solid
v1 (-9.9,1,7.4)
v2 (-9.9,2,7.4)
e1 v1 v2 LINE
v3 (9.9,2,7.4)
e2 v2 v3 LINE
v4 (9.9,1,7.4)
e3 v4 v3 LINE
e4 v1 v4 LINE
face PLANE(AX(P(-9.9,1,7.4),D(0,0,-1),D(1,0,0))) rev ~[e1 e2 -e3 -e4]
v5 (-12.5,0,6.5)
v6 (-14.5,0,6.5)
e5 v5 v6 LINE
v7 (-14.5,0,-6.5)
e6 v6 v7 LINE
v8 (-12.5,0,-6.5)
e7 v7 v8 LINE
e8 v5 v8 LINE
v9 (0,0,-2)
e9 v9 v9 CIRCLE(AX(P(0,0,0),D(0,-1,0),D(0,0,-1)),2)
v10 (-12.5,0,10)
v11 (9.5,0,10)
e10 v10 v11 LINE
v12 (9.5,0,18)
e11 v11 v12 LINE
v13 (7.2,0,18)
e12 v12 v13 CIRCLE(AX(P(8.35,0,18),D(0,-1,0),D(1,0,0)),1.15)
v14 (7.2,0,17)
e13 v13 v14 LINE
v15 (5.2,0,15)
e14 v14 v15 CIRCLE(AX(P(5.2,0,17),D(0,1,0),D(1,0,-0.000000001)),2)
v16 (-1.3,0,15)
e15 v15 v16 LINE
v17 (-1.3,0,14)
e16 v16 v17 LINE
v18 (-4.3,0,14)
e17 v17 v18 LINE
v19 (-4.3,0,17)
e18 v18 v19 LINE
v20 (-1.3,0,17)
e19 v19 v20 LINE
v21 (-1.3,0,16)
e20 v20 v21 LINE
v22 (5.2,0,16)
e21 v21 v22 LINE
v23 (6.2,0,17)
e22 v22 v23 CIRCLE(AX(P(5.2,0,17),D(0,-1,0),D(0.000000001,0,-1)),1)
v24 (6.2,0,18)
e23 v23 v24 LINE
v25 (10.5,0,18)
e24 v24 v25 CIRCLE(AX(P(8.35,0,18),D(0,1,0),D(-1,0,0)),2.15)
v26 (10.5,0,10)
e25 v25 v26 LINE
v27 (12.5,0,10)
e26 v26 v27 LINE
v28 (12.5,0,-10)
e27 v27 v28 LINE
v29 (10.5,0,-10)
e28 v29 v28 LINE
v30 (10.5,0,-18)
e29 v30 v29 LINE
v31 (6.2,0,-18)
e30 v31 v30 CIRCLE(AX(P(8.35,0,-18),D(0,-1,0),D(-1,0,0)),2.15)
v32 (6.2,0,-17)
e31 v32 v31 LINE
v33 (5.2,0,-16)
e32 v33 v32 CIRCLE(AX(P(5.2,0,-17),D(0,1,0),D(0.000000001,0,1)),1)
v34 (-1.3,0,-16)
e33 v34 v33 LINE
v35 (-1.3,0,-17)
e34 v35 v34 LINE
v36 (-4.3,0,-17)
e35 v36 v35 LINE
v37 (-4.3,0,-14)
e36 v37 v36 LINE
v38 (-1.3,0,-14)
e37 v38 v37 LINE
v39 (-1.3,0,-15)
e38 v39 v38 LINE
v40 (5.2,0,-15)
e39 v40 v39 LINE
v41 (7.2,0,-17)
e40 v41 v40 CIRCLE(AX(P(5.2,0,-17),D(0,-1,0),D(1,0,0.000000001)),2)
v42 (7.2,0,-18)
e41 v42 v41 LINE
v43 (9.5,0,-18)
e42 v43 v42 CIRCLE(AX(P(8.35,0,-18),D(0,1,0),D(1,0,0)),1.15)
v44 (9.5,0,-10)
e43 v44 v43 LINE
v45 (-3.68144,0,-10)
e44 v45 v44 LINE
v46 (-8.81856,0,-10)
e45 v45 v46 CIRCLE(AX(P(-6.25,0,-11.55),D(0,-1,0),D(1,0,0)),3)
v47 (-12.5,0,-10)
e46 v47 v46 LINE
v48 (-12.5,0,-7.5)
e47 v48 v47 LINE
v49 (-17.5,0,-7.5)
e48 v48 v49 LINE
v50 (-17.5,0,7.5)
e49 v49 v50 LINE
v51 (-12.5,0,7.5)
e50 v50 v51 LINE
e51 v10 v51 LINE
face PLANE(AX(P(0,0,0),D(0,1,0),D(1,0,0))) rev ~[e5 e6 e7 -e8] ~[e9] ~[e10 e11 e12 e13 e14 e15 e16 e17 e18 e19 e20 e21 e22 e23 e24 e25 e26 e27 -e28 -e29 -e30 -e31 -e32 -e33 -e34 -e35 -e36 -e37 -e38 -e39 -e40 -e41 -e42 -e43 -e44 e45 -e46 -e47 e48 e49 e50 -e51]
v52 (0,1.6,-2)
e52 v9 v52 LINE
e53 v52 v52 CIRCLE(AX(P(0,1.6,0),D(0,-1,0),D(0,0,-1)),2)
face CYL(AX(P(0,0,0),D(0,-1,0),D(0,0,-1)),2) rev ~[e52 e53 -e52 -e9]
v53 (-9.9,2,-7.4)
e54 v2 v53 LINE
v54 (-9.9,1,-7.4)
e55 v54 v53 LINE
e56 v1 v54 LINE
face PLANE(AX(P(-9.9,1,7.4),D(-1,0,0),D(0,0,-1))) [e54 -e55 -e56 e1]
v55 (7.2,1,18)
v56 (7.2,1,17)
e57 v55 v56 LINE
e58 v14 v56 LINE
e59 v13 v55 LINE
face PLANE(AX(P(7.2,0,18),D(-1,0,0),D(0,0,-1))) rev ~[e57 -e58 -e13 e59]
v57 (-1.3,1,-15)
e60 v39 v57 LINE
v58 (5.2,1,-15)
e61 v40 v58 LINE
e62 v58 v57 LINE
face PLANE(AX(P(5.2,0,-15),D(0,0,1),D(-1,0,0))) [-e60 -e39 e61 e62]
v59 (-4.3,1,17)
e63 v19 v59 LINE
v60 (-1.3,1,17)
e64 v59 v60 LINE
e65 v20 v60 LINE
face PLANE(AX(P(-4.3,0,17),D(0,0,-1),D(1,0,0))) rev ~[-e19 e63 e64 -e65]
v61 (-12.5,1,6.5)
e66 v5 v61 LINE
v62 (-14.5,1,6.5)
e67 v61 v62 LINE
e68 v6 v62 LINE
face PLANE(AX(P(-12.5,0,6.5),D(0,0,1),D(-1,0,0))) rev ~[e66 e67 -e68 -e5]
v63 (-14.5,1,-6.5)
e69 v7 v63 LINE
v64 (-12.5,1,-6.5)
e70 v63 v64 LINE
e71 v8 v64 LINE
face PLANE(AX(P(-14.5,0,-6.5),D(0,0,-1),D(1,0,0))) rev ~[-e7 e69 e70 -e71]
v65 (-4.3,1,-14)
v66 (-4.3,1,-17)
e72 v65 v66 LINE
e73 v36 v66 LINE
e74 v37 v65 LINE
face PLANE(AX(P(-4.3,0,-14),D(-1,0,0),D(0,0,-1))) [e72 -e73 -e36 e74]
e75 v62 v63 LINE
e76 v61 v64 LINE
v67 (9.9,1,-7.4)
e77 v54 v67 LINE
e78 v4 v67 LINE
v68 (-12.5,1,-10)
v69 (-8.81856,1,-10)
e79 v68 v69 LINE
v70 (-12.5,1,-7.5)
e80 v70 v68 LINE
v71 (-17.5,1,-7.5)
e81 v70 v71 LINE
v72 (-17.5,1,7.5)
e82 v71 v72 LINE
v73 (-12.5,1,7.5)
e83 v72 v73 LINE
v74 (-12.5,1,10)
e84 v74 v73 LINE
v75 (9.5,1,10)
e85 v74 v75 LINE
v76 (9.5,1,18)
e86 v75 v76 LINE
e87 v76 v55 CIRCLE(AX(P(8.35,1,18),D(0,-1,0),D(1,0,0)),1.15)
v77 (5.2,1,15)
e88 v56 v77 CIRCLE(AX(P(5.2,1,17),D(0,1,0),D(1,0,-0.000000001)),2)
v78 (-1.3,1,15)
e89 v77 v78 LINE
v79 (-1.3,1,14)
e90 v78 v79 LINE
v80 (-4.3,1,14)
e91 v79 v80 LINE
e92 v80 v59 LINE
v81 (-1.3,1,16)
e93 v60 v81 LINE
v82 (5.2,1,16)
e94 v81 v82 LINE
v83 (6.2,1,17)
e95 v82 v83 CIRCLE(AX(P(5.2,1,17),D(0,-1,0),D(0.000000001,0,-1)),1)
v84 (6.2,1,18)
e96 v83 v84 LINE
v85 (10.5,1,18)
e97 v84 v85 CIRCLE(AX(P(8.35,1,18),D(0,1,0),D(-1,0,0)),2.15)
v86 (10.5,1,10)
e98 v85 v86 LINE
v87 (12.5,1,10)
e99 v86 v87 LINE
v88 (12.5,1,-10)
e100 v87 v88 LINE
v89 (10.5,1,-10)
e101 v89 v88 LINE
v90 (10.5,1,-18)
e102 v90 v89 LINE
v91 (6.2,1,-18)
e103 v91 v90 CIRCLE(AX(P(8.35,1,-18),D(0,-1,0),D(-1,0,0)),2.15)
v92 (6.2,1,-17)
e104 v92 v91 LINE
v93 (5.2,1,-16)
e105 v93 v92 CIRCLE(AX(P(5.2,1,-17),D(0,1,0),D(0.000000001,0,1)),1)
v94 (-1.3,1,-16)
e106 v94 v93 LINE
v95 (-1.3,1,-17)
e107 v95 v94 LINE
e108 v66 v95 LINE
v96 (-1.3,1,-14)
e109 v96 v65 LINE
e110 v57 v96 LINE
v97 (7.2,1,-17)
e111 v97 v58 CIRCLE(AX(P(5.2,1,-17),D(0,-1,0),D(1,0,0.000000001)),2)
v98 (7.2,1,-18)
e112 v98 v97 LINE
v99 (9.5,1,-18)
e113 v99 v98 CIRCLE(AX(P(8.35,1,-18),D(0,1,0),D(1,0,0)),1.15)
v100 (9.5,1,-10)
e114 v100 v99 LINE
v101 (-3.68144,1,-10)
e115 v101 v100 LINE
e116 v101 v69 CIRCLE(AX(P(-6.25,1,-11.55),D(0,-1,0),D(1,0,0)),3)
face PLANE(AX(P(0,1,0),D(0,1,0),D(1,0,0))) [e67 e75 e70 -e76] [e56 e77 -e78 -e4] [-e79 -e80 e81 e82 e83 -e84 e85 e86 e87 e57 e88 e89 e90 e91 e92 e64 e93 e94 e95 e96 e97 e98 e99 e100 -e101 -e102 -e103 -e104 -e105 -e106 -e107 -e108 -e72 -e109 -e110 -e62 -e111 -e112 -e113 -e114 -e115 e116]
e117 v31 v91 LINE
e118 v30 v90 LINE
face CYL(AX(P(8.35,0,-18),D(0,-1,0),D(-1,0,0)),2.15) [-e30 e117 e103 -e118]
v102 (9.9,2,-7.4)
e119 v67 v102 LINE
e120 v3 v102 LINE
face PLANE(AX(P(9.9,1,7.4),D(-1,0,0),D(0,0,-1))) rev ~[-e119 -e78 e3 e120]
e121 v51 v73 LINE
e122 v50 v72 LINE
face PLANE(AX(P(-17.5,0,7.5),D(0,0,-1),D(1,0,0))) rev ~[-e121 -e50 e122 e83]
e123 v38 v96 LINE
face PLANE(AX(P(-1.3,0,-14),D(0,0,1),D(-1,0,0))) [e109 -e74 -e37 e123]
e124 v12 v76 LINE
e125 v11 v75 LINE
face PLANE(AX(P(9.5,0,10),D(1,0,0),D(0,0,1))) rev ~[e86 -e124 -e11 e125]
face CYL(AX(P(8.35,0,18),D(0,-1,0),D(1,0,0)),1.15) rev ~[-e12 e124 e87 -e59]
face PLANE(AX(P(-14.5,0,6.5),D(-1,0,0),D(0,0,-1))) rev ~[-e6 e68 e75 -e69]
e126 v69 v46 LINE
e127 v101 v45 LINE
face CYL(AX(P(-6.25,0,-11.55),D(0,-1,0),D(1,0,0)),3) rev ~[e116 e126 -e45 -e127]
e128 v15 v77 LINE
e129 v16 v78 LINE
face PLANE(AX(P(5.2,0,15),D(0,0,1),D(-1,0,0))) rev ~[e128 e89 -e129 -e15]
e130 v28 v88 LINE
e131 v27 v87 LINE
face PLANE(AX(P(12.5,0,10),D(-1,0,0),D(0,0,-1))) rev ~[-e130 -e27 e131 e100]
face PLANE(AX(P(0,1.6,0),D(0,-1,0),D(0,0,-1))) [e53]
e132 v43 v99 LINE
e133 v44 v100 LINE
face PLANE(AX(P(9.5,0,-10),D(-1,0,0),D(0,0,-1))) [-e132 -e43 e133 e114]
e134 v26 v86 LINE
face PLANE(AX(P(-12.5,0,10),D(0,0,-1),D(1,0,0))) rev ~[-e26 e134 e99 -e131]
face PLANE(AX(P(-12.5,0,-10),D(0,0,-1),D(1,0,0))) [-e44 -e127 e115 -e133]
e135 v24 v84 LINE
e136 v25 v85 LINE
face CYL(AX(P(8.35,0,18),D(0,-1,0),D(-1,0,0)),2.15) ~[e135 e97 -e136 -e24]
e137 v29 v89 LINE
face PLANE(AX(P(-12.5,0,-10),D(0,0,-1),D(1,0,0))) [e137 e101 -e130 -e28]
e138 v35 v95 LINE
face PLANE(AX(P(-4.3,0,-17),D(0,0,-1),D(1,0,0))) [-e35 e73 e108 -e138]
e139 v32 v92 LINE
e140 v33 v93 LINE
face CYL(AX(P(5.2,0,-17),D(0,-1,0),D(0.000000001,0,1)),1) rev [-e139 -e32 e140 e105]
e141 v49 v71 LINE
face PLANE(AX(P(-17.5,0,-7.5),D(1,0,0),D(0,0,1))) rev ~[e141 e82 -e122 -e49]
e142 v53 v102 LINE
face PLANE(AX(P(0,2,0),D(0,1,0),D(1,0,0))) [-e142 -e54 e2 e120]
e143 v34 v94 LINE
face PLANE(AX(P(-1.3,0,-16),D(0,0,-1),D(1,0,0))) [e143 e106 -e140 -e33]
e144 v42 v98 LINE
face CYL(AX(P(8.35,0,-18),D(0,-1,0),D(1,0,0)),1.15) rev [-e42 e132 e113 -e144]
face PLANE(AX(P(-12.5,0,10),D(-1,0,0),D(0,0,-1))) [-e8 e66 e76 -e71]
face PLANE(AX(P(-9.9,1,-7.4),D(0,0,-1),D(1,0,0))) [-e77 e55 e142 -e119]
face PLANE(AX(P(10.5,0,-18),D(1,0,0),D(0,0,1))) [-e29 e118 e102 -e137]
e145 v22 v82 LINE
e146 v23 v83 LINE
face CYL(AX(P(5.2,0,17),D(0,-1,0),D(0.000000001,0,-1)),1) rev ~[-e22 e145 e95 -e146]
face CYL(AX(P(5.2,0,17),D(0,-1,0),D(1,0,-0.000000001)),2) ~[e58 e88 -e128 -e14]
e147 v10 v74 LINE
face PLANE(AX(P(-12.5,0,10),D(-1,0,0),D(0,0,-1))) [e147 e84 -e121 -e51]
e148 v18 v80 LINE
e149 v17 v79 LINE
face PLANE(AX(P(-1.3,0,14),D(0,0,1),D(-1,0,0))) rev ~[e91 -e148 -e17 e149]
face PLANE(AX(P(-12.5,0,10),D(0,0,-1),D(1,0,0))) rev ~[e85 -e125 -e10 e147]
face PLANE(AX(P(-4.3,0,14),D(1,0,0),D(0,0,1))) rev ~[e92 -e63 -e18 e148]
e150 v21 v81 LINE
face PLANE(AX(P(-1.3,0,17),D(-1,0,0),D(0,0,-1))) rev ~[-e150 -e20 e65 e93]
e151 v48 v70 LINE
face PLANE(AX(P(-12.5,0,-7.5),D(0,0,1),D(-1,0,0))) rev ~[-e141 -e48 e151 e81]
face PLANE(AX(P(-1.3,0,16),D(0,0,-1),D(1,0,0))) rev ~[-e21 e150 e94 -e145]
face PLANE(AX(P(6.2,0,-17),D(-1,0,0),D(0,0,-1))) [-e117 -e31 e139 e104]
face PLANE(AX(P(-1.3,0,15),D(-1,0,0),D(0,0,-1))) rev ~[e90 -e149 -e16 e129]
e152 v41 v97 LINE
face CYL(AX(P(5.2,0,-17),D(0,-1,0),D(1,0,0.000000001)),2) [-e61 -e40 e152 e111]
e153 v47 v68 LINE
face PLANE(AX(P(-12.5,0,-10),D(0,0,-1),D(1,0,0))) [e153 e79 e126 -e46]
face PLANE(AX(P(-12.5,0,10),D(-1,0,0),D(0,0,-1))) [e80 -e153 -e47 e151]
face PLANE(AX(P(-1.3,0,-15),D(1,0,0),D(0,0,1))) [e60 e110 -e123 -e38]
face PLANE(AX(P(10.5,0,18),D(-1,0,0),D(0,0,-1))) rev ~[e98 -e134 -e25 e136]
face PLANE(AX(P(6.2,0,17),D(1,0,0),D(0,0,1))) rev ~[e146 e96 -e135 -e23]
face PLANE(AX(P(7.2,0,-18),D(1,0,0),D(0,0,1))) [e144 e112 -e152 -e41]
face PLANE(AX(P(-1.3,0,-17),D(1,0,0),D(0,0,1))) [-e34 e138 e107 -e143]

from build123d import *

# Parameters (mm, degrees)
SKETCH_1_W          = 25
SKETCH_1_H          = 20
EXTRUDE_1_DEPTH     = 1
EXTRUDE_2_DEPTH     = 1
EXTRUDE_3_DEPTH     = 1
SKETCH_5_W          = 19.8
SKETCH_5_H          = 14.8
EXTRUDE_4_DEPTH     = 1
SKETCH_6_R          = 2
CUT_EXTRUDE_2_DEPTH = 1.6
SKETCH_7_R          = 3
CUT_EXTRUDE_3_DEPTH = 1


with BuildPart() as part:
    # Эскиз1 → Бобышка-Вытянуть1 (new body)
    with BuildSketch(Plane(origin=(0, 0, 0), x_dir=(1, 0, 0), z_dir=(0, 1, 0))):
        Rectangle(SKETCH_1_W, SKETCH_1_H)
    extrude(amount=EXTRUDE_1_DEPTH)

    # Эскиз3 → Бобышка-Вытянуть2 (add)
    with BuildSketch(Plane(origin=(0, 0, 0), x_dir=(1, 0, 0), z_dir=(0, 1, 0))):
        Polygon((-14.5, 7.5), (-17.5, 7.5), (-17.5, -7.5), (-14.5, -7.5), (-12.5, -7.5), (-12.5, -6.5), (-14.5, -6.5), (-14.5, 6.5), (-12.5, 6.5), (-12.5, 7.5), align=None)
    extrude(amount=EXTRUDE_2_DEPTH)

    # Эскиз4 → Бобышка-Вытянуть3 (add)
    with BuildSketch(Plane(origin=(0, 0, 0), x_dir=(1, 0, 0), z_dir=(0, 1, 0))):
        with BuildLine():
            Line((9.5, 10), (9.5, 18))
            ThreePointArc((9.5, 18), (8.35, 19.15), (7.2, 18))
            Line((7.2, 18), (7.2, 17))
            ThreePointArc((7.2, 17), (6.614213562, 15.585786438), (5.2, 15))
            Line((5.2, 15), (-1.3, 15))
            Line((-1.3, 15), (-1.3, 14))
            Line((-1.3, 14), (-4.3, 14))
            Line((-4.3, 14), (-4.3, 17))
            Line((-4.3, 17), (-1.3, 17))
            Line((-1.3, 17), (-1.3, 16))
            Line((-1.3, 16), (5.2, 16))
            ThreePointArc((5.2, 16), (5.907106781, 16.292893219), (6.2, 17))
            Line((6.2, 17), (6.2, 18))
            ThreePointArc((6.2, 18), (8.35, 20.15), (10.5, 18))
            Line((10.5, 18), (10.5, 10))
            Line((10.5, 10), (9.5, 10))
        make_face()
        with BuildLine():
            Line((-4.3, -14), (-4.3, -17))
            Line((-4.3, -17), (-1.3, -17))
            Line((-1.3, -17), (-1.3, -16))
            Line((-1.3, -16), (5.2, -16))
            ThreePointArc((5.2, -16), (5.907106781, -16.292893219), (6.2, -17))
            Line((6.2, -17), (6.2, -18))
            ThreePointArc((6.2, -18), (8.35, -20.15), (10.5, -18))
            Line((10.5, -18), (10.5, -10))
            Line((10.5, -10), (9.5, -10))
            Line((9.5, -10), (9.5, -18))
            ThreePointArc((9.5, -18), (8.35, -19.15), (7.2, -18))
            Line((7.2, -18), (7.2, -17))
            ThreePointArc((7.2, -17), (6.614213562, -15.585786438), (5.2, -15))
            Line((5.2, -15), (-1.3, -15))
            Line((-1.3, -15), (-1.3, -14))
            Line((-1.3, -14), (-4.3, -14))
        make_face()
    extrude(amount=EXTRUDE_3_DEPTH)

    # Эскиз5 → Бобышка-Вытянуть4 (add)
    with BuildSketch(Plane(origin=(0, 1, 0), x_dir=(1, 0, 0), z_dir=(0, 1, 0))):
        Rectangle(SKETCH_5_W, SKETCH_5_H)
    extrude(amount=EXTRUDE_4_DEPTH)

    # Эскиз6 → Вырез-Вытянуть2 (cut)
    with BuildSketch(Plane.XZ):
        with Locations(Location((0, 0, 0), (0, 0, 270))):
            Circle(SKETCH_6_R)
    extrude(amount=-CUT_EXTRUDE_2_DEPTH, mode=Mode.SUBTRACT)

    # Эскиз7 → Вырез-Вытянуть3 (cut)
    with BuildSketch(Plane.XZ):
        with Locations((-6.25, -11.55)):
            Circle(SKETCH_7_R)
    extrude(amount=-CUT_EXTRUDE_3_DEPTH, mode=Mode.SUBTRACT)


solid = part.part
